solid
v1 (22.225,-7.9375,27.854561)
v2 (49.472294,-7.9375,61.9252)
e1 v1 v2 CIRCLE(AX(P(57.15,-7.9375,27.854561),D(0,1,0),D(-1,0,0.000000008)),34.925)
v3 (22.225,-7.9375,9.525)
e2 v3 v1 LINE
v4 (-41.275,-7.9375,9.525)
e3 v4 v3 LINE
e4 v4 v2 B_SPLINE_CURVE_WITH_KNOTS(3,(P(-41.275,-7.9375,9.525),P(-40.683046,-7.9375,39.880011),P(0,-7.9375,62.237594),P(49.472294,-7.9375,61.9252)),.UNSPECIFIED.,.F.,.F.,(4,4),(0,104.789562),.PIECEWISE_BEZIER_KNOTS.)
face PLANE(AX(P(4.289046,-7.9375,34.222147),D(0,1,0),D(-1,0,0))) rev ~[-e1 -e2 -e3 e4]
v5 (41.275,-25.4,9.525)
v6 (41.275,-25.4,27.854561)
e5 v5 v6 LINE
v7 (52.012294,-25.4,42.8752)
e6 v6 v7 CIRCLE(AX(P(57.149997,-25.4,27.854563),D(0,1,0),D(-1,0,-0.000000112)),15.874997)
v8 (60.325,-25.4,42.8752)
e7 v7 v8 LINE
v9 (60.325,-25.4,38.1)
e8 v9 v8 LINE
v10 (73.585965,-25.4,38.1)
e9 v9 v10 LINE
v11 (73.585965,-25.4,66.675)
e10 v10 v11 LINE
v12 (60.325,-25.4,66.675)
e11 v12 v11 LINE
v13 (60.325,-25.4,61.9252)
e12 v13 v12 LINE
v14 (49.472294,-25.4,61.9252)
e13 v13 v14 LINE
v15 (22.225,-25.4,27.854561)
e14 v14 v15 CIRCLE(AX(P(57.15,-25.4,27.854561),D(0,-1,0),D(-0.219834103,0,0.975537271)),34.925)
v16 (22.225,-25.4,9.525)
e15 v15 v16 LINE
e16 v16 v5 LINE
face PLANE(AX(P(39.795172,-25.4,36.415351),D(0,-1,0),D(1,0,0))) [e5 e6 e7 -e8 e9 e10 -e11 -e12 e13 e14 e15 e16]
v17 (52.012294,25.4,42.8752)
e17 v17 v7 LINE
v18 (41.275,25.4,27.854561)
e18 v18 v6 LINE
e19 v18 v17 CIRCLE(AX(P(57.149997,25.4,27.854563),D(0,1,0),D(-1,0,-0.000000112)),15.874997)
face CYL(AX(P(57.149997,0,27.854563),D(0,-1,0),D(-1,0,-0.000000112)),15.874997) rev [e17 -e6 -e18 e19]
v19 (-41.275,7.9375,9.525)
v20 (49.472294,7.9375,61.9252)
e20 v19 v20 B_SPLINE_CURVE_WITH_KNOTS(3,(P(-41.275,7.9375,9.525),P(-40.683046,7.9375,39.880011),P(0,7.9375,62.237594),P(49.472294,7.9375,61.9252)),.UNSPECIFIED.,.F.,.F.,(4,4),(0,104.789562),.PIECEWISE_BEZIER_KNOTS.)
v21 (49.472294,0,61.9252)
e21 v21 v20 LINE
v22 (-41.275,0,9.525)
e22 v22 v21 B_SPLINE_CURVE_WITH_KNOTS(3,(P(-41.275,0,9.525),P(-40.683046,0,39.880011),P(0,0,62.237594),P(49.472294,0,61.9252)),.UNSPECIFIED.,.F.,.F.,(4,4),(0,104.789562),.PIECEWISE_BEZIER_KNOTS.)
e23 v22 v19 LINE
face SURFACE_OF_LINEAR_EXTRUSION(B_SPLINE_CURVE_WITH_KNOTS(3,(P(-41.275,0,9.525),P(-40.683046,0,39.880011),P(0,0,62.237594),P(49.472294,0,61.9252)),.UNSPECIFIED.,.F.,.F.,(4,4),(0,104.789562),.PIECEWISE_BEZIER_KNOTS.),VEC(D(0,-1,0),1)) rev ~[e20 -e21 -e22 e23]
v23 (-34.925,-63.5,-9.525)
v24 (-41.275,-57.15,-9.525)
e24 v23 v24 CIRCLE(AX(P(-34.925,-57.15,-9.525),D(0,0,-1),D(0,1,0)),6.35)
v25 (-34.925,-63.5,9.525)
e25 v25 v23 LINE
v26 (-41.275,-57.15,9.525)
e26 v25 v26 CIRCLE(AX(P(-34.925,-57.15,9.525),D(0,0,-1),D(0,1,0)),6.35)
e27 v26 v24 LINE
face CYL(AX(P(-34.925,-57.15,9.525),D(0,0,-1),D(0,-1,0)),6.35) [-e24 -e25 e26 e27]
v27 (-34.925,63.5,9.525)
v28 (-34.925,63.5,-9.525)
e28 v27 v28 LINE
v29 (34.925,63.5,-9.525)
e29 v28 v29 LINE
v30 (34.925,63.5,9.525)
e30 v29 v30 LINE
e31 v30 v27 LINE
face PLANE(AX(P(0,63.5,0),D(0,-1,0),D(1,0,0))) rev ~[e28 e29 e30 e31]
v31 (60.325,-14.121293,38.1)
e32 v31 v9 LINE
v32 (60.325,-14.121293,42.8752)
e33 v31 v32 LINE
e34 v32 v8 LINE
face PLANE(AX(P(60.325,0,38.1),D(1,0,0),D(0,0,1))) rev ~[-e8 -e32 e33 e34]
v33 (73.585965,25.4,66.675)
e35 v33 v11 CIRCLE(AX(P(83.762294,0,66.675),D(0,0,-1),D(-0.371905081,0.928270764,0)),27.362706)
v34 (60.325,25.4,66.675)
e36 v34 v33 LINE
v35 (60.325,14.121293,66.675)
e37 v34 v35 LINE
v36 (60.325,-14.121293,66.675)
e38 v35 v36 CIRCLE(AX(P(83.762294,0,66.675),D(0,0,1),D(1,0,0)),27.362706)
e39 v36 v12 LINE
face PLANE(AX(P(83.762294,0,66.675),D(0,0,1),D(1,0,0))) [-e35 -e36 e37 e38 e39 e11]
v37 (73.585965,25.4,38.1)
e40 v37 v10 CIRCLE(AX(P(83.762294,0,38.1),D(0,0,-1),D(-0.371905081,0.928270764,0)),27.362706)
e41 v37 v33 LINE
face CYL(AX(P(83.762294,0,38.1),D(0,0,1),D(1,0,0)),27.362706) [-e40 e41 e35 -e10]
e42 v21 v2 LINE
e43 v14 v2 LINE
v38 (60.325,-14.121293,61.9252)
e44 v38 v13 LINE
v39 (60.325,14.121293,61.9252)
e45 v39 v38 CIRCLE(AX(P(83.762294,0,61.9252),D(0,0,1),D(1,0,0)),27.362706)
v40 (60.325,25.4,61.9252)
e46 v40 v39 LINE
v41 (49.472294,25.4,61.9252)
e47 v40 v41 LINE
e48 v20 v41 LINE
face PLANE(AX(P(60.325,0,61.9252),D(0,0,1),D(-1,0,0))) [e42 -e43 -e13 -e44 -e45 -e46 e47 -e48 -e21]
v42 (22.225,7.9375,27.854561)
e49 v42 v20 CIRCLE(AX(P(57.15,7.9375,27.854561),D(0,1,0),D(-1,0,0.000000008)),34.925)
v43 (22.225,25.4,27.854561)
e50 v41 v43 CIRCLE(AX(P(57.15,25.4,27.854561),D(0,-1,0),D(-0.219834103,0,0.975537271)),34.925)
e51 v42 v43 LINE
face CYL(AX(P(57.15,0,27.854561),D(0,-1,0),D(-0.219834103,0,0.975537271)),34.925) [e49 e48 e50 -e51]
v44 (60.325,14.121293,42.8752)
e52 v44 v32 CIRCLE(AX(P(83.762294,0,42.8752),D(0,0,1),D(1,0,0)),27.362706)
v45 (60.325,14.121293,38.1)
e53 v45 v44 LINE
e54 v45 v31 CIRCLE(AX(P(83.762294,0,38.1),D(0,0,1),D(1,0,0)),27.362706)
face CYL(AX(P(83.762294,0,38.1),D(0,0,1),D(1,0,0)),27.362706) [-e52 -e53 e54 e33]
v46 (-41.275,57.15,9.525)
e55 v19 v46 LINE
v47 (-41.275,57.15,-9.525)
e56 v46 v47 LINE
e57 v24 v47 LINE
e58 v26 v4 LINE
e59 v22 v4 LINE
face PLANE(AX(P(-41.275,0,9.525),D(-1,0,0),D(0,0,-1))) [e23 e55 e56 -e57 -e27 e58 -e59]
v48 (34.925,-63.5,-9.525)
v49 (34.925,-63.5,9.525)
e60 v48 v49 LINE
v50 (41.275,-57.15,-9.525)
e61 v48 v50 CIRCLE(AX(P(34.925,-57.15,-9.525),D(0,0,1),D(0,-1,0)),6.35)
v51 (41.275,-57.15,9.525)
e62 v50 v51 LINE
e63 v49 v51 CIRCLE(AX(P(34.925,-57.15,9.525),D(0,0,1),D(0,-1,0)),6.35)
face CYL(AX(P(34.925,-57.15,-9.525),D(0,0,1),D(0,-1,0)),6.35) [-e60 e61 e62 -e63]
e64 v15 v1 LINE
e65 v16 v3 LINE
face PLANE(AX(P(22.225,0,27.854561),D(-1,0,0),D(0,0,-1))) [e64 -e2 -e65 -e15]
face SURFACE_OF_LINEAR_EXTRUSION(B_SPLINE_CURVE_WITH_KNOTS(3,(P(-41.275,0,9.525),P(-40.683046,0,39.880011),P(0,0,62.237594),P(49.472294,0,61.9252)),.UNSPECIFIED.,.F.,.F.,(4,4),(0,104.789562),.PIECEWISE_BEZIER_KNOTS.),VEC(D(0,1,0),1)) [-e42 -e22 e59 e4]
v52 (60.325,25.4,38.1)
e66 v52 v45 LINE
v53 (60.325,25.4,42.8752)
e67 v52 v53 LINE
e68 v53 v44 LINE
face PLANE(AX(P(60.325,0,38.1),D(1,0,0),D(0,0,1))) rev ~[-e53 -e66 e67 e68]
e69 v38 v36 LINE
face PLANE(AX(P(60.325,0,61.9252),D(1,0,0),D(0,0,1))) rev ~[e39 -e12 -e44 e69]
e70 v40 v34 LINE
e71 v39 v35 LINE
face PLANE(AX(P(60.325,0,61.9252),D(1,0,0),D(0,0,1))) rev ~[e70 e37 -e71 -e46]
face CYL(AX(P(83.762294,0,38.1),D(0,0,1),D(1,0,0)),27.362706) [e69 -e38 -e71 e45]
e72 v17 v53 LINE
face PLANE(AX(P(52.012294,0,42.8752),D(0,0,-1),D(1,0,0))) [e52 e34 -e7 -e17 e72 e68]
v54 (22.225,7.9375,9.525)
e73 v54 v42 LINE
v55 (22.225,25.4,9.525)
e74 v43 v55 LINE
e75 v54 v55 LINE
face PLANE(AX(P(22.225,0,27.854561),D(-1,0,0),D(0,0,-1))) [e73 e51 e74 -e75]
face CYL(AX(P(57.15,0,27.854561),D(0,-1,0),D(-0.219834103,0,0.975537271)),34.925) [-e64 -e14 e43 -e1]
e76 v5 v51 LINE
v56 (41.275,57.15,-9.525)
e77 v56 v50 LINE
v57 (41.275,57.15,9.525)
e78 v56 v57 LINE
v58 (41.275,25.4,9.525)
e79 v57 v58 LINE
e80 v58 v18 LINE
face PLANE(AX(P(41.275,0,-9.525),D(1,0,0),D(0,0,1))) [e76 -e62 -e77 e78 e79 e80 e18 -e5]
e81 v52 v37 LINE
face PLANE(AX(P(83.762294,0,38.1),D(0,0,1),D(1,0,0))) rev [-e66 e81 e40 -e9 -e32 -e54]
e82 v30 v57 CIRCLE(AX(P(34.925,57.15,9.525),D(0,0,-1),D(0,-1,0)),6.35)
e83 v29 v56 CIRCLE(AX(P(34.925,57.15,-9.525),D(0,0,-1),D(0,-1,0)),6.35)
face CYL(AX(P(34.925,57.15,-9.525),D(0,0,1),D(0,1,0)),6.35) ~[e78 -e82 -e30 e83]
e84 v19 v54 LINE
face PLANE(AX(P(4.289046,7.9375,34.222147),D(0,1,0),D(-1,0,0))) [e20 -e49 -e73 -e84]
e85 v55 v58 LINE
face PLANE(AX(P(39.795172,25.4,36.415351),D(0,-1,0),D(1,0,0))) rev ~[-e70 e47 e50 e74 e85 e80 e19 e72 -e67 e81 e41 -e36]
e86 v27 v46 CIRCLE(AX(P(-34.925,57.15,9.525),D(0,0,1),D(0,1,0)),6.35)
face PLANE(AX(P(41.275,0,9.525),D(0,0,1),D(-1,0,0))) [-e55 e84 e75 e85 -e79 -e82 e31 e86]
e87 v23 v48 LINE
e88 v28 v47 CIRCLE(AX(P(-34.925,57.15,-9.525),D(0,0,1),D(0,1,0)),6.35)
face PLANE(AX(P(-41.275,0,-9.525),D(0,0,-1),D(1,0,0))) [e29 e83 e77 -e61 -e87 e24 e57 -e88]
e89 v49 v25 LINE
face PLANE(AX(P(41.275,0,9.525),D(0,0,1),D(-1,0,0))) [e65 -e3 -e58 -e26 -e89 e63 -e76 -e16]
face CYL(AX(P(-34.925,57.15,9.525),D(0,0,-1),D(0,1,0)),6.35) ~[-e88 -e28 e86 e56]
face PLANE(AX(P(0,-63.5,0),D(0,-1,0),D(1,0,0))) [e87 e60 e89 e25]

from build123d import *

# Parameters (mm, degrees)
F1_DEPTH = 63.5
F0_W     = 23.437294
F0_H     = 19.05
F0_H_2   = 4.7498
F0_H_3   = 4.7752
F2_DEPTH = 25.4
F3_DEPTH = 7.9375
F5_R     = 6.35


with BuildPart() as f1:
    # F0 (on Front) → F1 (new body, symmetric)
    with BuildSketch(Plane.XZ):
        Polygon((-41.275, -9.525), (41.275, -9.525), (41.275, 9.525), (22.225, 9.525), (-41.275, 9.525), align=None)
    extrude(amount=F1_DEPTH, both=True)

    # F0 (on Front) → F2 (join, symmetric)
    with BuildSketch(Plane.XZ):
        with BuildLine():
            Line((22.225, 9.525), (41.275, 9.525))
            Line((41.275, 9.525), (41.275, 27.854561))
            ThreePointArc((41.275, 27.854561), (44.235343, 37.086423), (52.012294, 42.8752))
            Line((52.012294, 42.8752), (60.325, 42.8752))
            Line((60.325, 42.8752), (60.325, 61.9252))
            Line((60.325, 61.9252), (49.472294, 61.9252))
            ThreePointArc((49.472294, 61.9252), (29.874558, 49.667536), (22.225, 27.854561))
            Line((22.225, 27.854561), (22.225, 9.525))
        make_face()
        with Locations((72.043647, 52.4002)):
            Rectangle(F0_W, F0_H)
        with Locations((72.043647, 64.3001)):
            Rectangle(F0_W, F0_H_2)
        with Locations((72.043647, 40.4876)):
            Rectangle(F0_W, F0_H_3)
    extrude(amount=F2_DEPTH, both=True)

    # F0 (on Front) → F3 (join, symmetric)
    with BuildSketch(Plane.XZ):
        with BuildLine():
            add(Edge.make_bspline(
                [(-41.275, 9.525), (-40.683046, 39.880011), (0, 62.237594), (49.472294, 61.9252)],
                knots=[0, 0, 0, 0, 104.789562, 104.789562, 104.789562, 104.789562], degree=3))
            Line((-41.275, 9.525), (22.225, 9.525))
            Line((22.225, 9.525), (22.225, 27.854561))
            ThreePointArc((22.225, 27.854561), (29.874558, 49.667536), (49.472294, 61.9252))
        make_face()
    extrude(amount=F3_DEPTH, both=True)

    # F0 (on Front) → F4 (revolve)
    with BuildSketch(Plane.XZ):
        Polygon((83.762294, 66.675), (83.762294, 61.9252), (83.762294, 42.8752), (83.762294, 38.1), (111.125, 38.1), (111.125, 66.675), align=None)
    revolve(axis=Axis((83.762294, 0, 52.4002), (0, 0, 1)))

    # F5
    f5_edges = [f1.edges().sort_by_distance(p)[0] for p in [
        (41.275, -63.5, 0),
        (41.275, 63.5, 0),
        (-41.275, 63.5, 0),
        (-41.275, -63.5, 0),
    ]]
    fillet(f5_edges, radius=F5_R)


solid = f1.part
